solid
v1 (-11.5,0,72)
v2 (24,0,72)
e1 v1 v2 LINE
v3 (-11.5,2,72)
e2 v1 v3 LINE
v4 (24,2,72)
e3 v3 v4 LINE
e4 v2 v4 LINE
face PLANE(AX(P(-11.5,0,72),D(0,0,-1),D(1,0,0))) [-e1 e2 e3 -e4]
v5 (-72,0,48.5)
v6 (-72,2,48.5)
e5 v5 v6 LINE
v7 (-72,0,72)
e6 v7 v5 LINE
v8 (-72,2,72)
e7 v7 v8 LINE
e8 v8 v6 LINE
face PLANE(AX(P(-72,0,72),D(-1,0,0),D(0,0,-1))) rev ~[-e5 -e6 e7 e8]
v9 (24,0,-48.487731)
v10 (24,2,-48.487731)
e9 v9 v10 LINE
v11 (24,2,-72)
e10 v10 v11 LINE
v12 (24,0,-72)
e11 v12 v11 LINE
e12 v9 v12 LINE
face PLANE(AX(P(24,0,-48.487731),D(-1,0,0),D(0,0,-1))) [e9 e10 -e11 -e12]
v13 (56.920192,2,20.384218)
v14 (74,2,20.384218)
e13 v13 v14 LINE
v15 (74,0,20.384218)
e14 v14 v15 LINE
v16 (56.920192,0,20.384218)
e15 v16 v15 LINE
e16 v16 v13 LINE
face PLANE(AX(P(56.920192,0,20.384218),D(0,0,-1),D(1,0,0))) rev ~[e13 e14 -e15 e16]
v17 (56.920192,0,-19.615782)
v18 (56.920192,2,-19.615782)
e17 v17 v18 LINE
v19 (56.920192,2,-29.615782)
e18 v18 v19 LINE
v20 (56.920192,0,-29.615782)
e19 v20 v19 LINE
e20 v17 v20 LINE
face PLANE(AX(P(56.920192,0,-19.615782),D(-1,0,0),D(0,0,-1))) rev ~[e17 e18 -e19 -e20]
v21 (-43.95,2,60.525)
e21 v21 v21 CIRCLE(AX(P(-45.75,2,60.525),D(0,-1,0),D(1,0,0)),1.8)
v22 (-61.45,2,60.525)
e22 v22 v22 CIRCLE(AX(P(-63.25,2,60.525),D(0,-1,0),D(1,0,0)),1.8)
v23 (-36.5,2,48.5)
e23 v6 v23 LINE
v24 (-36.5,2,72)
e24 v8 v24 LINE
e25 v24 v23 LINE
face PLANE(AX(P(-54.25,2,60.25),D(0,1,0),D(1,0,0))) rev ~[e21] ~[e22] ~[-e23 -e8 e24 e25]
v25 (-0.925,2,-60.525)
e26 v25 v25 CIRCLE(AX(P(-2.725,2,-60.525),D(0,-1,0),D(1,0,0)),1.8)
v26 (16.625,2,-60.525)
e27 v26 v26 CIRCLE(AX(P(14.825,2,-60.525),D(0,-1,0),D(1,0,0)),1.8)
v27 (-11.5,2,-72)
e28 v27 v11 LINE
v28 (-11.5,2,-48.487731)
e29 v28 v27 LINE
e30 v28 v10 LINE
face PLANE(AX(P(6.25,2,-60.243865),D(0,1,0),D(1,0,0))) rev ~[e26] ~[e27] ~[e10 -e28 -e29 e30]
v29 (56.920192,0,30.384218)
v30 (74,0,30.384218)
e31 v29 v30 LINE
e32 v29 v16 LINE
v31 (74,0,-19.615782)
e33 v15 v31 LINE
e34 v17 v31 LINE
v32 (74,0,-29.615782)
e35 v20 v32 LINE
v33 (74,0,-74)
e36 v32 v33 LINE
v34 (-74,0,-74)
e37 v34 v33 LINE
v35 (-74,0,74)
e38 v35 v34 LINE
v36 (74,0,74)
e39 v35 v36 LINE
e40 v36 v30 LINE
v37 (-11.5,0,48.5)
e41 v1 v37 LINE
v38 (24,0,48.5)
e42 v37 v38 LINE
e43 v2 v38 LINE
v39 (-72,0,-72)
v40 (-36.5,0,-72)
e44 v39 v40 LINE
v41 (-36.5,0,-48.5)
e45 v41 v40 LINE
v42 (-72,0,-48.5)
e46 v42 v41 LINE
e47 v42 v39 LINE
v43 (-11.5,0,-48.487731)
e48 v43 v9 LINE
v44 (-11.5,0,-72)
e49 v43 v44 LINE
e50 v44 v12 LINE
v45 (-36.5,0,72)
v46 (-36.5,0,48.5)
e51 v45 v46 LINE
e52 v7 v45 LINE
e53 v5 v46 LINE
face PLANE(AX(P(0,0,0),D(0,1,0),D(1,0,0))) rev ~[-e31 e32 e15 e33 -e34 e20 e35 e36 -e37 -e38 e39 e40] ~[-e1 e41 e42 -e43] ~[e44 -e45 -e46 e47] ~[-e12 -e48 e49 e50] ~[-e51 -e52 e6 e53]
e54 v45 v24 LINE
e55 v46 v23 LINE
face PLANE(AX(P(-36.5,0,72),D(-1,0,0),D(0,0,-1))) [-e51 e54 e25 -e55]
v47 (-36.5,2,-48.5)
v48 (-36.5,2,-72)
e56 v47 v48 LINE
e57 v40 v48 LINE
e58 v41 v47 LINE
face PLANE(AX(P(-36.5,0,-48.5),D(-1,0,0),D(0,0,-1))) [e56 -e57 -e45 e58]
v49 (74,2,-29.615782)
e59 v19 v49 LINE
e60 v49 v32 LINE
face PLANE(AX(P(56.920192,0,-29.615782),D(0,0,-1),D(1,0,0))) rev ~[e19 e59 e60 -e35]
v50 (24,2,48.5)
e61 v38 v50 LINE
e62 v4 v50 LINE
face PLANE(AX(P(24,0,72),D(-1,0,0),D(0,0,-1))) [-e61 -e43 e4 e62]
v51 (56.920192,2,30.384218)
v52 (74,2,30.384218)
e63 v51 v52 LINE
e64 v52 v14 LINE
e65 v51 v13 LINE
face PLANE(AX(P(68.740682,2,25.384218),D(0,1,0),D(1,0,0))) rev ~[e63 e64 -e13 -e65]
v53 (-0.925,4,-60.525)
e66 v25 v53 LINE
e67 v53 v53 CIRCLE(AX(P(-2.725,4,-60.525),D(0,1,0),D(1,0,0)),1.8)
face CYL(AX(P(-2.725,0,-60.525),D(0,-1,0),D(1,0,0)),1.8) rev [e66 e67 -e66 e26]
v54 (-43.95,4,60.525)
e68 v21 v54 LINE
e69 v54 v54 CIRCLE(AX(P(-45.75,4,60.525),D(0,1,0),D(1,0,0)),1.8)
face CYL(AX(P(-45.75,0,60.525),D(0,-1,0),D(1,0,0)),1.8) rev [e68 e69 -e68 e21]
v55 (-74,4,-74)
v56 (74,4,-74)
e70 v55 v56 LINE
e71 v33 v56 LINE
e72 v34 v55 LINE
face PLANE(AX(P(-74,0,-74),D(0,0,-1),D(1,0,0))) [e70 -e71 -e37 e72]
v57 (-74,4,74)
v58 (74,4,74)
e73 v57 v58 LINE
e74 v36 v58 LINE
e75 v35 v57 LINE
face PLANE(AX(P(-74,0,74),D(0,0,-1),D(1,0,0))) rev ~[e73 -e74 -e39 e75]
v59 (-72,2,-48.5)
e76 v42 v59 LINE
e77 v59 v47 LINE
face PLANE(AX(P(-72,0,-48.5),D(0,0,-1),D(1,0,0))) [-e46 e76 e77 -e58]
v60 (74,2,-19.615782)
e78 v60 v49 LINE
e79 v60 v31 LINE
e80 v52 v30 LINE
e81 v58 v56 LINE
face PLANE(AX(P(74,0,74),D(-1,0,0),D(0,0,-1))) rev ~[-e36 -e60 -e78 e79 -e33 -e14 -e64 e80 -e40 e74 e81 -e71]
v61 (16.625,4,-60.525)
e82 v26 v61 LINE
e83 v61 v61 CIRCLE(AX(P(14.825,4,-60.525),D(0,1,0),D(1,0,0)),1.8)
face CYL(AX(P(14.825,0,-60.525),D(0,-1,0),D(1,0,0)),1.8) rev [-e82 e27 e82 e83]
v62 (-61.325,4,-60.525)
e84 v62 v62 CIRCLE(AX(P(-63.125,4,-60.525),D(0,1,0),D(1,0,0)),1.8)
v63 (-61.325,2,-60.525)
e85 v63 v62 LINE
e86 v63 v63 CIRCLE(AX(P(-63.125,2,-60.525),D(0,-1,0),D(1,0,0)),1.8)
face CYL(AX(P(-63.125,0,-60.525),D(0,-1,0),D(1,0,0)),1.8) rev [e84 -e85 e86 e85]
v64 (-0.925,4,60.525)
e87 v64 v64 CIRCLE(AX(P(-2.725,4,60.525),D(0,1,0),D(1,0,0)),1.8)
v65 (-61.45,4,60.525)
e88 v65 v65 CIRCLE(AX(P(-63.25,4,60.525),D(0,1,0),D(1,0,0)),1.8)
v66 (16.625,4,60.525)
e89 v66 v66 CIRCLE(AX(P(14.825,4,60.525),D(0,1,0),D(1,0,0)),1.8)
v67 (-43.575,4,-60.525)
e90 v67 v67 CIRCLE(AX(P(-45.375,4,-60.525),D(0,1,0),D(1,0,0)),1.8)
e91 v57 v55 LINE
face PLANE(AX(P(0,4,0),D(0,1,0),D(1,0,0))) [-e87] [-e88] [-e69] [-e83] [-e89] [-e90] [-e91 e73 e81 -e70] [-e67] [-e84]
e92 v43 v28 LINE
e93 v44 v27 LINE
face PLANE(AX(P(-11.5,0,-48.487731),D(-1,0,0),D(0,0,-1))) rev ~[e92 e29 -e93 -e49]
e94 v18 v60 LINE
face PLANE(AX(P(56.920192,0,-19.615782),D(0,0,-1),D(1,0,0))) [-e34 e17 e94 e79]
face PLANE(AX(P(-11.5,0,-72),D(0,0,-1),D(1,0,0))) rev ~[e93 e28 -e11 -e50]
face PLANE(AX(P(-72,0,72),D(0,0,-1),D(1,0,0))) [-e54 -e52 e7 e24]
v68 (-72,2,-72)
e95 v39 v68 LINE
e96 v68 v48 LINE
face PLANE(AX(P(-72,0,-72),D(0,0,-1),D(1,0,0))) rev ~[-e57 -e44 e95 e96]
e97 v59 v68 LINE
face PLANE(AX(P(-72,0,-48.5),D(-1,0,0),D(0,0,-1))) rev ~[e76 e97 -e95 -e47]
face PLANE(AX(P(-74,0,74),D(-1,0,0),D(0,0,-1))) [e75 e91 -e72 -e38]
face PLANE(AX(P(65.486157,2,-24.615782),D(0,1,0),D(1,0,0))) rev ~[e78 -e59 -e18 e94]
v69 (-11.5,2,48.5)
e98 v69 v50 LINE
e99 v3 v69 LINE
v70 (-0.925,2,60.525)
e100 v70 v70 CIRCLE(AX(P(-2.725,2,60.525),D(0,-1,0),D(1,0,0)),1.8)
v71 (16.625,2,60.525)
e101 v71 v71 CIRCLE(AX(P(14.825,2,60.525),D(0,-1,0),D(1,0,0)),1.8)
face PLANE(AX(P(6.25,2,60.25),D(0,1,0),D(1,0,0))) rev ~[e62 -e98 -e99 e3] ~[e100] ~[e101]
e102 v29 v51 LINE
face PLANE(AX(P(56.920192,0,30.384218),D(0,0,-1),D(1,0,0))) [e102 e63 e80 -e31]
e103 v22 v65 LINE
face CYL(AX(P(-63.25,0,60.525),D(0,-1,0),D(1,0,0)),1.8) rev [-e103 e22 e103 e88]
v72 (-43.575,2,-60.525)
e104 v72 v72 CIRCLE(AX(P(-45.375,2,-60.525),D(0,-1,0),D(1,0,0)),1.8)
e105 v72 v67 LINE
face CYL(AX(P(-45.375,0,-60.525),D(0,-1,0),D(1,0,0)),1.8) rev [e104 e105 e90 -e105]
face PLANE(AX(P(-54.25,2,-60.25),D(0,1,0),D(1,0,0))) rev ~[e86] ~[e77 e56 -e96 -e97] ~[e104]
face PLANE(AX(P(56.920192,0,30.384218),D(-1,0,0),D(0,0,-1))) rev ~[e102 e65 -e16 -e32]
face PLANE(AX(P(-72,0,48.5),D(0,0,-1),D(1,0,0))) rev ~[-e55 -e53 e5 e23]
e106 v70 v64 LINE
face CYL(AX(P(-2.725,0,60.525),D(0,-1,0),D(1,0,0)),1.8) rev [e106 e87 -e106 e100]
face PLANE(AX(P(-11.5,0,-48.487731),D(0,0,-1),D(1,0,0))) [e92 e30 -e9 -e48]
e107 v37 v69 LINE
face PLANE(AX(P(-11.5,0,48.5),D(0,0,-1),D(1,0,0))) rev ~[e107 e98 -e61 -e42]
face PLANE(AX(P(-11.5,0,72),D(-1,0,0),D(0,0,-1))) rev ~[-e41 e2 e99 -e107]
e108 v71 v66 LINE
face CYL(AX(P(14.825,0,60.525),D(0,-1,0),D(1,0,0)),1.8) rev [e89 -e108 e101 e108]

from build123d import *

# Parameters (mm, degrees)
ESQUISSE1_W              = 148
ESQUISSE1_H              = 148
BOSS_EXTRU_1_DEPTH       = 4
ESQUISSE4_R              = 1.8
ENL_V_MAT_EXTRU_2_DEPTH  = 4
ESQUISSE5_W              = 35.5
ESQUISSE5_H              = 23.5
ENL_V_MAT_EXTRU_3_DEPTH  = 2
ESQUISSE8_R              = 1.8
ENL_V_MAT_EXTRU_6_DEPTH  = 4
ESQUISSE9_W              = 35.5
ESQUISSE9_H              = 23.5
ENL_V_MAT_EXTRU_7_DEPTH  = 2
ESQUISSE10_R             = 1.8
ENL_V_MAT_EXTRU_8_DEPTH  = 4
ESQUISSE11_W             = 35.5
ESQUISSE11_H             = 23.5
ESQUISSE11_H_2           = 23.512269398
ENL_V_MAT_EXTRU_9_DEPTH  = 2
ESQUISSE12_W             = 23.640980831
ESQUISSE12_H             = 10
ESQUISSE12_W_2           = 17.131931469
ENL_V_MAT_EXTRU_12_DEPTH = 2


with BuildPart() as part:
    # Esquisse1 → Boss.-Extru.1 (new body)
    with BuildSketch(Plane(origin=(0, 0, 0), x_dir=(1, 0, 0), z_dir=(0, 1, 0))):
        Rectangle(ESQUISSE1_W, ESQUISSE1_H)
    extrude(amount=BOSS_EXTRU_1_DEPTH)

    # Esquisse4 → Enlèv. mat.-Extru.2 (cut)
    with BuildSketch(Plane(origin=(0, 0, 0), x_dir=(1, 0, 0), z_dir=(0, 1, 0))):
        with Locations((-63.25, -60.525)):
            Circle(ESQUISSE4_R)
        with Locations((-45.75, -60.525)):
            Circle(ESQUISSE4_R)
    extrude(amount=ENL_V_MAT_EXTRU_2_DEPTH, mode=Mode.SUBTRACT)

    # Esquisse5 → Enlèv. mat.-Extru.3 (cut)
    with BuildSketch(Plane(origin=(0, 0, 0), x_dir=(1, 0, 0), z_dir=(0, 1, 0))):
        with Locations((-54.25, -60.25)):
            Rectangle(ESQUISSE5_W, ESQUISSE5_H)
    extrude(amount=ENL_V_MAT_EXTRU_3_DEPTH, mode=Mode.SUBTRACT)

    # Esquisse8 → Enlèv. mat.-Extru.6 (cut)
    with BuildSketch(Plane(origin=(0, 0, 0), x_dir=(1, 0, 0), z_dir=(0, 1, 0))):
        with Locations((-2.725, -60.525)):
            Circle(ESQUISSE8_R)
        with Locations((14.825, -60.525)):
            Circle(ESQUISSE8_R)
    extrude(amount=ENL_V_MAT_EXTRU_6_DEPTH, mode=Mode.SUBTRACT)

    # Esquisse9 → Enlèv. mat.-Extru.7 (cut)
    with BuildSketch(Plane(origin=(0, 0, 0), x_dir=(1, 0, 0), z_dir=(0, 1, 0))):
        with Locations((6.25, -60.25)):
            Rectangle(ESQUISSE9_W, ESQUISSE9_H)
    extrude(amount=ENL_V_MAT_EXTRU_7_DEPTH, mode=Mode.SUBTRACT)

    # Esquisse10 → Enlèv. mat.-Extru.8 (cut)
    with BuildSketch(Plane(origin=(0, 0, 0), x_dir=(1, 0, 0), z_dir=(0, 1, 0))):
        with Locations((-2.725, 60.525)):
            Circle(ESQUISSE10_R)
        with Locations((14.825, 60.525)):
            Circle(ESQUISSE10_R)
        with Locations((-63.125, 60.525)):
            Circle(ESQUISSE10_R)
        with Locations((-45.375, 60.525)):
            Circle(ESQUISSE10_R)
    extrude(amount=ENL_V_MAT_EXTRU_8_DEPTH, mode=Mode.SUBTRACT)

    # Esquisse11 → Enlèv. mat.-Extru.9 (cut)
    with BuildSketch(Plane(origin=(0, 0, 0), x_dir=(1, 0, 0), z_dir=(0, 1, 0))):
        with Locations((-54.25, 60.25)):
            Rectangle(ESQUISSE11_W, ESQUISSE11_H)
        with Locations((6.25, 60.243865301)):
            Rectangle(ESQUISSE11_W, ESQUISSE11_H_2)
    extrude(amount=ENL_V_MAT_EXTRU_9_DEPTH, mode=Mode.SUBTRACT)

    # Esquisse12 → Enlèv. mat.-Extru.12 (cut)
    with BuildSketch(Plane(origin=(0, 0, 0), x_dir=(1, 0, 0), z_dir=(0, 1, 0))):
        with Locations((68.740682109, -25.384218458)):
            Rectangle(ESQUISSE12_W, ESQUISSE12_H)
        with Locations((65.486157429, 24.615781542)):
            Rectangle(ESQUISSE12_W_2, ESQUISSE12_H)
    extrude(amount=ENL_V_MAT_EXTRU_12_DEPTH, mode=Mode.SUBTRACT)


solid = part.part
